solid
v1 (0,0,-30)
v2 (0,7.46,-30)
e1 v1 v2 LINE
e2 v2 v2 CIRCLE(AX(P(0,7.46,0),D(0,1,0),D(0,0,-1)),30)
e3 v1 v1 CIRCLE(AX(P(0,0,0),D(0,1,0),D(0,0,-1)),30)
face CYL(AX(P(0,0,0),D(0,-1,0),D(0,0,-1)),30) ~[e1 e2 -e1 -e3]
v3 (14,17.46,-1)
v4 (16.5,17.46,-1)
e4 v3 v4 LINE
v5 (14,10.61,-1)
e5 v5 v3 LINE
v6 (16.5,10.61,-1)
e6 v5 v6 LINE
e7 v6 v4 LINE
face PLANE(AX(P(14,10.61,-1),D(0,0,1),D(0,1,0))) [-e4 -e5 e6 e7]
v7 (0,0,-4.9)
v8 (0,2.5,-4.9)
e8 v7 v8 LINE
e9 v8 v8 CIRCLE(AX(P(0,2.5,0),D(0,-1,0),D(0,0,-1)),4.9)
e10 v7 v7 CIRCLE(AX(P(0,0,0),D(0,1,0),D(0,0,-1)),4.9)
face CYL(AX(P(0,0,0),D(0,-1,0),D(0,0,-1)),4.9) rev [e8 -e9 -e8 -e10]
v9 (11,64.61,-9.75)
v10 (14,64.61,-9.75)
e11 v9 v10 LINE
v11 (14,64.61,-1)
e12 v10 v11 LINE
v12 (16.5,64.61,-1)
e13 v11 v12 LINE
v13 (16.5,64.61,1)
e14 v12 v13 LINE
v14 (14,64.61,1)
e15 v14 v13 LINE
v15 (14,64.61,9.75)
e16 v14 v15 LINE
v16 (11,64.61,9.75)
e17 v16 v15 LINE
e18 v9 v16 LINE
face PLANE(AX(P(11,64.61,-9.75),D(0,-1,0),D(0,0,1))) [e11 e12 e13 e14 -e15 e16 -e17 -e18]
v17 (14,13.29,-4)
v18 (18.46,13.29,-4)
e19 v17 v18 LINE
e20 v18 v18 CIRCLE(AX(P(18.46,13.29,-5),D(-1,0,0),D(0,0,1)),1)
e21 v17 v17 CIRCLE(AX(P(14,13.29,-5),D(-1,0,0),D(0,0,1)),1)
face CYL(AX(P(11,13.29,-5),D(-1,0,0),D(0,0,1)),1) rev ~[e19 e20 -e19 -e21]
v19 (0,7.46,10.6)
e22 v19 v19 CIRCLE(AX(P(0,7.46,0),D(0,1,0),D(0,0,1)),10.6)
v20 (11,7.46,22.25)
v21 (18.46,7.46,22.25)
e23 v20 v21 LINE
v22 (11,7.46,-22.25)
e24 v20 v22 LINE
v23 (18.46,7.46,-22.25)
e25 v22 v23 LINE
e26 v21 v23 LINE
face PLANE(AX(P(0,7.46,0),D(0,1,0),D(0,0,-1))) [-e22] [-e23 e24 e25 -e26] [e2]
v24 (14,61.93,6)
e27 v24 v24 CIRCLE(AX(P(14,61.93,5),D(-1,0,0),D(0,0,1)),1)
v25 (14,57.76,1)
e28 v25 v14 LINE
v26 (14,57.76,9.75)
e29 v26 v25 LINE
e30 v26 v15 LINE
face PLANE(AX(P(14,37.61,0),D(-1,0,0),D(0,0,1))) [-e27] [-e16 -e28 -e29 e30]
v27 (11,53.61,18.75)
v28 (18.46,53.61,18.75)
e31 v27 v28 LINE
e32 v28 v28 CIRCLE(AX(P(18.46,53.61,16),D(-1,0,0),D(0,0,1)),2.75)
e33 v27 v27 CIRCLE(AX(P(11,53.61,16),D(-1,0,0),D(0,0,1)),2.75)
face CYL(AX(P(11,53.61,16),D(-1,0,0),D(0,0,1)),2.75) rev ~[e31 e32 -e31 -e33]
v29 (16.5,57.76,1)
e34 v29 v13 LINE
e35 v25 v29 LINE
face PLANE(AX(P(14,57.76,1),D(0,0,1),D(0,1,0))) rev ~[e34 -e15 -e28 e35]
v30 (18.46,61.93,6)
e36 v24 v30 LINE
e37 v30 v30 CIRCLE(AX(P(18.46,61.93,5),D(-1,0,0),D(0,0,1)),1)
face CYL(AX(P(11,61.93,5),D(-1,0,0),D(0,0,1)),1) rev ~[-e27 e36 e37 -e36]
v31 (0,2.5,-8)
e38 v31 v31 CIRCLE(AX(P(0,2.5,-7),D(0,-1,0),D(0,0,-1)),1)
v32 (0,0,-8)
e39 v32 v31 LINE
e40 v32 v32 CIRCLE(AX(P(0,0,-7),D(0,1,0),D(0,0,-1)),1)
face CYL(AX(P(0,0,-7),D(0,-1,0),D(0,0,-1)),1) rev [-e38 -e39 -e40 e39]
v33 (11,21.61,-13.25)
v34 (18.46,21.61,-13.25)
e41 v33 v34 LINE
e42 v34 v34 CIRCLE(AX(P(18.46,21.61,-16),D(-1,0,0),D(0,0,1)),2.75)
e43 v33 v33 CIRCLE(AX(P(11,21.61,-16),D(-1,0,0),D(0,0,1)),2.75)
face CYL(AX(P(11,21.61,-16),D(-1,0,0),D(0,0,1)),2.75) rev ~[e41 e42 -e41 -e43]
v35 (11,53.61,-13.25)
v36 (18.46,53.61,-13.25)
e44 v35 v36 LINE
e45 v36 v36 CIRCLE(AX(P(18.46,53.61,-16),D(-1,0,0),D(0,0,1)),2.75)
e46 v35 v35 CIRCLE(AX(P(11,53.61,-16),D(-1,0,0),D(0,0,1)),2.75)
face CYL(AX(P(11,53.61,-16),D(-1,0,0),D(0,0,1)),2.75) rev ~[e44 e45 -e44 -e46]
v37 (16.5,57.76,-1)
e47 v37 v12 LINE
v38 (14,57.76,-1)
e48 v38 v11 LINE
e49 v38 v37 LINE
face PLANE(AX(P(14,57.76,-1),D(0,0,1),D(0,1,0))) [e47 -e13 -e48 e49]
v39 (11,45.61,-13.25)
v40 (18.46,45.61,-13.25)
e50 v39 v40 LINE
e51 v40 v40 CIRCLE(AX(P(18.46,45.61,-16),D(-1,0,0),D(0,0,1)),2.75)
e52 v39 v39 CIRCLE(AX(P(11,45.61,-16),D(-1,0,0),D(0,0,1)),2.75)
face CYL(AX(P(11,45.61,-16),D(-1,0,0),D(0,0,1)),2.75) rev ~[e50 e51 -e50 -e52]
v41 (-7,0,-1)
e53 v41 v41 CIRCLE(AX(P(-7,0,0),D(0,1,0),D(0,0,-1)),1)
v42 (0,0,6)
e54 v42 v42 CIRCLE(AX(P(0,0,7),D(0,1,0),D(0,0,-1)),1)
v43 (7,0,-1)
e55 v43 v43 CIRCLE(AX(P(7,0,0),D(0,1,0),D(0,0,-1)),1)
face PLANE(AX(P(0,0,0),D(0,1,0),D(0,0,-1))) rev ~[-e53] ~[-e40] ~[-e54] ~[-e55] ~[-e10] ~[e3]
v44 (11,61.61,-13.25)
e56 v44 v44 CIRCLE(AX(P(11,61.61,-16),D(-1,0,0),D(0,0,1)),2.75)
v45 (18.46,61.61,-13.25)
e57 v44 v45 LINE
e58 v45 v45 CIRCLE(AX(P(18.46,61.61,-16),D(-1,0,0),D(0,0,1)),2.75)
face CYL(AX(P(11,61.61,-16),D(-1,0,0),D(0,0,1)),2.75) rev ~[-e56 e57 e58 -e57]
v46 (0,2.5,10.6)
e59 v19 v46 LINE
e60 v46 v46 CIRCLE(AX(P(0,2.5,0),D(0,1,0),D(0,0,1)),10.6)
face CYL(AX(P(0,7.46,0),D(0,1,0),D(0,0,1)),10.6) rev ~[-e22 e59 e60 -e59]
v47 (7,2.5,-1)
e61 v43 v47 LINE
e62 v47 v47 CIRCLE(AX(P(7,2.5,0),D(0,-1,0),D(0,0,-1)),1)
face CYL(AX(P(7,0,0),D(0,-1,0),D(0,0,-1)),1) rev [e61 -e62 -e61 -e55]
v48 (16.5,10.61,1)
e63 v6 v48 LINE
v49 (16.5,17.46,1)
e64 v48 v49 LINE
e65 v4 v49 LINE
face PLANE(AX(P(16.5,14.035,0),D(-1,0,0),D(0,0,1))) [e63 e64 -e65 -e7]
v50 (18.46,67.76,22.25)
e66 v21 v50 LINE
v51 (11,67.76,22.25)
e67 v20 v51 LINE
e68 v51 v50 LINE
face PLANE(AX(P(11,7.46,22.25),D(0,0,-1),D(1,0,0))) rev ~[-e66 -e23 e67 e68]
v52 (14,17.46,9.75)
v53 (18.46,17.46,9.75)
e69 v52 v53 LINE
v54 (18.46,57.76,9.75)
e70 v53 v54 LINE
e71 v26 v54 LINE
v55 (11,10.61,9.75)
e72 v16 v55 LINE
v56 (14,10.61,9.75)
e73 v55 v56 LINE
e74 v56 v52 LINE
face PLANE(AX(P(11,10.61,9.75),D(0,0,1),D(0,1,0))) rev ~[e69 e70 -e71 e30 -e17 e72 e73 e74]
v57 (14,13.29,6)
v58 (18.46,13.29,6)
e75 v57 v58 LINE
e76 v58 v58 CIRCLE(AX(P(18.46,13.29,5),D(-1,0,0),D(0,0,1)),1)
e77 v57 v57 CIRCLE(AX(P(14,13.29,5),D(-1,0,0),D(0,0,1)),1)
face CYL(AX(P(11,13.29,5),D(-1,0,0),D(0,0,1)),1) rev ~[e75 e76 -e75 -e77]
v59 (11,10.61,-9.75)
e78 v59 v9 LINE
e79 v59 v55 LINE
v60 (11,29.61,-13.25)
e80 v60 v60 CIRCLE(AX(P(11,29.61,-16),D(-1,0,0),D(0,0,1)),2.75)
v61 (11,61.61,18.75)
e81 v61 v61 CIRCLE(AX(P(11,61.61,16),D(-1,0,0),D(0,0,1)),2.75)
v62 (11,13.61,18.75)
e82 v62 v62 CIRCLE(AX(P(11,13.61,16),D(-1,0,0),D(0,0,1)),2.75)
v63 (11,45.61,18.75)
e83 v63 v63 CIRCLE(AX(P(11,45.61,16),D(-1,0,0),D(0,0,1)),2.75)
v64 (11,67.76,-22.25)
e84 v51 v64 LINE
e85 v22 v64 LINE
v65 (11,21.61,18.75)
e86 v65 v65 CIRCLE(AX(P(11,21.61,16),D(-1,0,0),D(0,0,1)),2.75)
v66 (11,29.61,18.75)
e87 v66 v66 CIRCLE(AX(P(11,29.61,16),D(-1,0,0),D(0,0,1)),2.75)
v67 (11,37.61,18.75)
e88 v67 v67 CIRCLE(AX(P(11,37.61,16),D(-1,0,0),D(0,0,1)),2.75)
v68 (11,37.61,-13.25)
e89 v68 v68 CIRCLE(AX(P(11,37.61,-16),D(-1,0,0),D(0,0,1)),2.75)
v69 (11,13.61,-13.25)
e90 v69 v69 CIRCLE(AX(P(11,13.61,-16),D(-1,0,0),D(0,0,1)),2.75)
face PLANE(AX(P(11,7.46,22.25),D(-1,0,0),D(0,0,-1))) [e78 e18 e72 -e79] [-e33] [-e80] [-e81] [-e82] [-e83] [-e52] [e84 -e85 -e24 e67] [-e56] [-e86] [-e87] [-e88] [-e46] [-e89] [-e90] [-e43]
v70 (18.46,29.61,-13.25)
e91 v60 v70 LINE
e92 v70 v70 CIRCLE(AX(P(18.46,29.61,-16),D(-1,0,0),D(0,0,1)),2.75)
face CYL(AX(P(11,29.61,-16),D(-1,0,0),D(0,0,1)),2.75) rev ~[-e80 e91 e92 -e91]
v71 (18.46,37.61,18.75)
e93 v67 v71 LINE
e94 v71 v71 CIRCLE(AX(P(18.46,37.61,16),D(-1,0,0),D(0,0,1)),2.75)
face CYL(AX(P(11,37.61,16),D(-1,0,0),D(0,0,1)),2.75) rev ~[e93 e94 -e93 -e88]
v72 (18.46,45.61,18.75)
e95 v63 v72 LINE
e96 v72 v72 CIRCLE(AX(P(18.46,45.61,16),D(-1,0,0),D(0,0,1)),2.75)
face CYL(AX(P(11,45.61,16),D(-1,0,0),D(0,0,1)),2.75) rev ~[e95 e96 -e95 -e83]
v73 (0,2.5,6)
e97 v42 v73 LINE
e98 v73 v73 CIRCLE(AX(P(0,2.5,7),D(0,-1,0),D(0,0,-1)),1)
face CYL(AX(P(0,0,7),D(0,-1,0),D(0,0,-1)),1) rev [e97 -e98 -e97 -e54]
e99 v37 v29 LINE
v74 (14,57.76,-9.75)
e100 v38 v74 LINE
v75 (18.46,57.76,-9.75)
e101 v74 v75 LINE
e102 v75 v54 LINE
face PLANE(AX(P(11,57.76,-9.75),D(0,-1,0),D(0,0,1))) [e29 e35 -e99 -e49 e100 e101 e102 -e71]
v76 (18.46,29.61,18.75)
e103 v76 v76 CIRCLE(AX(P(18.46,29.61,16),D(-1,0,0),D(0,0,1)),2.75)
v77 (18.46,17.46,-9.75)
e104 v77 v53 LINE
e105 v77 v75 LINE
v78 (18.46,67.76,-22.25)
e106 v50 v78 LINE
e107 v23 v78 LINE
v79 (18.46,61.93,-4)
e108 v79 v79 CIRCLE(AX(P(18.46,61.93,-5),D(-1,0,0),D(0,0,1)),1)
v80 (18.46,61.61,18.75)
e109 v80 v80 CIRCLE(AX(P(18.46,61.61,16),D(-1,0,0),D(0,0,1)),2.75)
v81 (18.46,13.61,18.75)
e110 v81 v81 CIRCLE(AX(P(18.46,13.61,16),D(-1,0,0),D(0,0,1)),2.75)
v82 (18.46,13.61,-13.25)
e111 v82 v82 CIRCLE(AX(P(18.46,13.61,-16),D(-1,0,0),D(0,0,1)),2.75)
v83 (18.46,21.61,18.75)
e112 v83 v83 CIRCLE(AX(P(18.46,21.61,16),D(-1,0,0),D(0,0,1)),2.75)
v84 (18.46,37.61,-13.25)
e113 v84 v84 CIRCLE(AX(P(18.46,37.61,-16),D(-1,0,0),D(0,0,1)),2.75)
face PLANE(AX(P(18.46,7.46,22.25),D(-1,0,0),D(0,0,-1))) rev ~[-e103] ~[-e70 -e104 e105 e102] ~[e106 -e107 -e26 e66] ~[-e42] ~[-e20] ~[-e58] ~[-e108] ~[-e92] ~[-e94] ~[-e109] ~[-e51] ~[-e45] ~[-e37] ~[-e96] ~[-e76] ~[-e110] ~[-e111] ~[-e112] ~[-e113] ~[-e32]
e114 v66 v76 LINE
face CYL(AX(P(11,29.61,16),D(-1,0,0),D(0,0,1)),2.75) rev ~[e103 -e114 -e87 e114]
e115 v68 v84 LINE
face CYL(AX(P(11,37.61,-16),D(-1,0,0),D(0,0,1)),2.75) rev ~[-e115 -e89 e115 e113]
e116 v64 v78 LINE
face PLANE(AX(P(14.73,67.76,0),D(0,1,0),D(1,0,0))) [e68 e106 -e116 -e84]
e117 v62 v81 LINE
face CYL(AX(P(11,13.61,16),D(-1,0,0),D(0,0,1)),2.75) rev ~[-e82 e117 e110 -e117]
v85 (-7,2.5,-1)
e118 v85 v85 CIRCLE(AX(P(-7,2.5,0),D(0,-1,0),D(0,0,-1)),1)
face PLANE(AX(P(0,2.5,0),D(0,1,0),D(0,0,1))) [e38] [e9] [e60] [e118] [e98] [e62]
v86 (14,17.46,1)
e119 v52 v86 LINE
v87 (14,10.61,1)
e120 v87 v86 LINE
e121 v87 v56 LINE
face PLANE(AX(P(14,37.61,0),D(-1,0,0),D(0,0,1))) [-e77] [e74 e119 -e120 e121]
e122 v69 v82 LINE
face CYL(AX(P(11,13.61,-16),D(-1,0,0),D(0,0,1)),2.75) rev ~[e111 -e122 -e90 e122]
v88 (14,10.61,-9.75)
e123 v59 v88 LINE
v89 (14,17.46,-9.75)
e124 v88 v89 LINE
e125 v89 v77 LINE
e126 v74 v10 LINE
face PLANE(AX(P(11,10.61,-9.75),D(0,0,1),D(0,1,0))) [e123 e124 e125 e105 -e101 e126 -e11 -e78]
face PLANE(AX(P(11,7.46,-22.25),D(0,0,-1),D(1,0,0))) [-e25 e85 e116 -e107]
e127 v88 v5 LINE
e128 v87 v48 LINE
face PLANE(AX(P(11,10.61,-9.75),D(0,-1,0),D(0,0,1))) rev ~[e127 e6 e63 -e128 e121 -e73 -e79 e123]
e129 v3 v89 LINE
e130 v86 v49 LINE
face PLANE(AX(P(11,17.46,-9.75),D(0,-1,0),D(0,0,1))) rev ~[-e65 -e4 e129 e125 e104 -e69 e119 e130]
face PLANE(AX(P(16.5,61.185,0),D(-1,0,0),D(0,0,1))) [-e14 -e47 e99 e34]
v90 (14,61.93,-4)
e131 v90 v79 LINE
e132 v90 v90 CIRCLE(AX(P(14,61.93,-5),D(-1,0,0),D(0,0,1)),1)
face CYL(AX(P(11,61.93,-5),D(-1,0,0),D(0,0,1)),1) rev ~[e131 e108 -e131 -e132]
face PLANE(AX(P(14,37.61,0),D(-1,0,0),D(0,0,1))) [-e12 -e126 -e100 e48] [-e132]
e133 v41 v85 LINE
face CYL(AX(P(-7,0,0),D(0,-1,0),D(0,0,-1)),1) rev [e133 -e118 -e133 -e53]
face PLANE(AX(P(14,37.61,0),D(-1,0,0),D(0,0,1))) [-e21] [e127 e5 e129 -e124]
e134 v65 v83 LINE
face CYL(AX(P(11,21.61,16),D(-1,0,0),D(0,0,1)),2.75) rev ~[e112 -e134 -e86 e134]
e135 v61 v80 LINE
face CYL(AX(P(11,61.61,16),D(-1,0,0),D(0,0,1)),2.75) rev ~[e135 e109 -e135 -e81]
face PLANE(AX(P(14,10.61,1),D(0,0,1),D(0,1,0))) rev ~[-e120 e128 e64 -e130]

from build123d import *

# Parameters (mm, degrees)
SKETCH1_R           = 30
SKETCH1_R_2         = 1
SKETCH1_R_3         = 4.9
BOSS_EXTRUDE1_DEPTH = 7.46
SKETCH3_W           = 7.46
SKETCH3_H           = 44.5
BOSS_EXTRUDE2_DEPTH = 60.3
SKETCH4_R           = 1
SKETCH4_W           = 19.5
SKETCH4_H           = 40.3
CUT_EXTRUDE2_DEPTH  = 85.690126933
SKETCH5_R           = 10.6
CUT_EXTRUDE3_DEPTH  = 4.96
SKETCH6_W           = 19.5
SKETCH6_H           = 54
CUT_EXTRUDE4_DEPTH  = 3
SKETCH7_W           = 2
SKETCH7_H           = 6.85
CUT_EXTRUDE5_DEPTH  = 2.5
SKETCH8_R           = 2.75
CUT_EXTRUDE6_DEPTH  = 85.690126933


with BuildPart() as part:
    # Sketch1 → Boss-Extrude1 (new body)
    with BuildSketch(Plane(origin=(0, 0, 0), x_dir=(1, 0, 0), z_dir=(0, 1, 0))):
        with Locations(Location((0, 0, 0), (0, 0, 90))):
            Circle(SKETCH1_R)
        with Locations(Location((7, 0, 0), (0, 0, 90))):
            Circle(SKETCH1_R_2, mode=Mode.SUBTRACT)
        with Locations(Location((0, -7, 0), (0, 0, 90))):
            Circle(SKETCH1_R_2, mode=Mode.SUBTRACT)
        with Locations(Location((-7, 0, 0), (0, 0, 90))):
            Circle(SKETCH1_R_2, mode=Mode.SUBTRACT)
        with Locations(Location((0, 7, 0), (0, 0, 90))):
            Circle(SKETCH1_R_2, mode=Mode.SUBTRACT)
        with Locations(Location((0, 0, 0), (0, 0, 90))):
            Circle(SKETCH1_R_3, mode=Mode.SUBTRACT)
    extrude(amount=BOSS_EXTRUDE1_DEPTH)

    # Sketch3 → Boss-Extrude2 (add)
    with BuildSketch(Plane(origin=(0, 7.46, 0), x_dir=(1, 0, 0), z_dir=(0, 1, 0))):
        with Locations((14.73, 0)):
            Rectangle(SKETCH3_W, SKETCH3_H)
    extrude(amount=BOSS_EXTRUDE2_DEPTH)

    # Sketch4 → Cut-Extrude2 (cut, through all)
    with BuildSketch(Plane.ZY.offset(-11)):
        with Locations((-5, 61.93)):
            Circle(SKETCH4_R)
        with Locations((5, 61.93)):
            Circle(SKETCH4_R)
        with Locations((5, 13.29)):
            Circle(SKETCH4_R)
        with Locations((-5, 13.29)):
            Circle(SKETCH4_R)
        with Locations((0, 37.61)):
            Rectangle(SKETCH4_W, SKETCH4_H)
    extrude(amount=-CUT_EXTRUDE2_DEPTH, mode=Mode.SUBTRACT)

    # Sketch5 → Cut-Extrude3 (cut)
    with BuildSketch(Plane(origin=(0, 7.46, 0), x_dir=(1, 0, 0), z_dir=(0, 1, 0))):
        with Locations(Location((0, 0, 0), (0, 0, 270))):
            Circle(SKETCH5_R)
    extrude(amount=-CUT_EXTRUDE3_DEPTH, mode=Mode.SUBTRACT)

    # Sketch6 → Cut-Extrude4 (cut)
    with BuildSketch(Plane.ZY.offset(-11)):
        with Locations((0, 37.61)):
            Rectangle(SKETCH6_W, SKETCH6_H)
    extrude(amount=-CUT_EXTRUDE4_DEPTH, mode=Mode.SUBTRACT)

    # Sketch7 → Cut-Extrude5 (cut)
    with BuildSketch(Plane.ZY.offset(-14)):
        with Locations((0, 61.185)):
            Rectangle(SKETCH7_W, SKETCH7_H)
        with Locations((0, 14.035)):
            Rectangle(SKETCH7_W, SKETCH7_H)
    extrude(amount=-CUT_EXTRUDE5_DEPTH, mode=Mode.SUBTRACT)

    # Sketch8 → Cut-Extrude6 (cut, through all)
    with BuildSketch(Plane.ZY.offset(-11)):
        with Locations((-16, 37.61)):
            Circle(SKETCH8_R)
        with Locations((-16, 45.61)):
            Circle(SKETCH8_R)
        with Locations((-16, 53.61)):
            Circle(SKETCH8_R)
        with Locations((-16, 61.61)):
            Circle(SKETCH8_R)
        with Locations((-16, 13.61)):
            Circle(SKETCH8_R)
        with Locations((-16, 21.61)):
            Circle(SKETCH8_R)
        with Locations((-16, 29.61)):
            Circle(SKETCH8_R)
        with Locations((16, 29.61)):
            Circle(SKETCH8_R)
        with Locations((16, 21.61)):
            Circle(SKETCH8_R)
        with Locations((16, 13.61)):
            Circle(SKETCH8_R)
        with Locations((16, 61.61)):
            Circle(SKETCH8_R)
        with Locations((16, 53.61)):
            Circle(SKETCH8_R)
        with Locations((16, 45.61)):
            Circle(SKETCH8_R)
        with Locations((16, 37.61)):
            Circle(SKETCH8_R)
    extrude(amount=-CUT_EXTRUDE6_DEPTH, mode=Mode.SUBTRACT)


solid = part.part
